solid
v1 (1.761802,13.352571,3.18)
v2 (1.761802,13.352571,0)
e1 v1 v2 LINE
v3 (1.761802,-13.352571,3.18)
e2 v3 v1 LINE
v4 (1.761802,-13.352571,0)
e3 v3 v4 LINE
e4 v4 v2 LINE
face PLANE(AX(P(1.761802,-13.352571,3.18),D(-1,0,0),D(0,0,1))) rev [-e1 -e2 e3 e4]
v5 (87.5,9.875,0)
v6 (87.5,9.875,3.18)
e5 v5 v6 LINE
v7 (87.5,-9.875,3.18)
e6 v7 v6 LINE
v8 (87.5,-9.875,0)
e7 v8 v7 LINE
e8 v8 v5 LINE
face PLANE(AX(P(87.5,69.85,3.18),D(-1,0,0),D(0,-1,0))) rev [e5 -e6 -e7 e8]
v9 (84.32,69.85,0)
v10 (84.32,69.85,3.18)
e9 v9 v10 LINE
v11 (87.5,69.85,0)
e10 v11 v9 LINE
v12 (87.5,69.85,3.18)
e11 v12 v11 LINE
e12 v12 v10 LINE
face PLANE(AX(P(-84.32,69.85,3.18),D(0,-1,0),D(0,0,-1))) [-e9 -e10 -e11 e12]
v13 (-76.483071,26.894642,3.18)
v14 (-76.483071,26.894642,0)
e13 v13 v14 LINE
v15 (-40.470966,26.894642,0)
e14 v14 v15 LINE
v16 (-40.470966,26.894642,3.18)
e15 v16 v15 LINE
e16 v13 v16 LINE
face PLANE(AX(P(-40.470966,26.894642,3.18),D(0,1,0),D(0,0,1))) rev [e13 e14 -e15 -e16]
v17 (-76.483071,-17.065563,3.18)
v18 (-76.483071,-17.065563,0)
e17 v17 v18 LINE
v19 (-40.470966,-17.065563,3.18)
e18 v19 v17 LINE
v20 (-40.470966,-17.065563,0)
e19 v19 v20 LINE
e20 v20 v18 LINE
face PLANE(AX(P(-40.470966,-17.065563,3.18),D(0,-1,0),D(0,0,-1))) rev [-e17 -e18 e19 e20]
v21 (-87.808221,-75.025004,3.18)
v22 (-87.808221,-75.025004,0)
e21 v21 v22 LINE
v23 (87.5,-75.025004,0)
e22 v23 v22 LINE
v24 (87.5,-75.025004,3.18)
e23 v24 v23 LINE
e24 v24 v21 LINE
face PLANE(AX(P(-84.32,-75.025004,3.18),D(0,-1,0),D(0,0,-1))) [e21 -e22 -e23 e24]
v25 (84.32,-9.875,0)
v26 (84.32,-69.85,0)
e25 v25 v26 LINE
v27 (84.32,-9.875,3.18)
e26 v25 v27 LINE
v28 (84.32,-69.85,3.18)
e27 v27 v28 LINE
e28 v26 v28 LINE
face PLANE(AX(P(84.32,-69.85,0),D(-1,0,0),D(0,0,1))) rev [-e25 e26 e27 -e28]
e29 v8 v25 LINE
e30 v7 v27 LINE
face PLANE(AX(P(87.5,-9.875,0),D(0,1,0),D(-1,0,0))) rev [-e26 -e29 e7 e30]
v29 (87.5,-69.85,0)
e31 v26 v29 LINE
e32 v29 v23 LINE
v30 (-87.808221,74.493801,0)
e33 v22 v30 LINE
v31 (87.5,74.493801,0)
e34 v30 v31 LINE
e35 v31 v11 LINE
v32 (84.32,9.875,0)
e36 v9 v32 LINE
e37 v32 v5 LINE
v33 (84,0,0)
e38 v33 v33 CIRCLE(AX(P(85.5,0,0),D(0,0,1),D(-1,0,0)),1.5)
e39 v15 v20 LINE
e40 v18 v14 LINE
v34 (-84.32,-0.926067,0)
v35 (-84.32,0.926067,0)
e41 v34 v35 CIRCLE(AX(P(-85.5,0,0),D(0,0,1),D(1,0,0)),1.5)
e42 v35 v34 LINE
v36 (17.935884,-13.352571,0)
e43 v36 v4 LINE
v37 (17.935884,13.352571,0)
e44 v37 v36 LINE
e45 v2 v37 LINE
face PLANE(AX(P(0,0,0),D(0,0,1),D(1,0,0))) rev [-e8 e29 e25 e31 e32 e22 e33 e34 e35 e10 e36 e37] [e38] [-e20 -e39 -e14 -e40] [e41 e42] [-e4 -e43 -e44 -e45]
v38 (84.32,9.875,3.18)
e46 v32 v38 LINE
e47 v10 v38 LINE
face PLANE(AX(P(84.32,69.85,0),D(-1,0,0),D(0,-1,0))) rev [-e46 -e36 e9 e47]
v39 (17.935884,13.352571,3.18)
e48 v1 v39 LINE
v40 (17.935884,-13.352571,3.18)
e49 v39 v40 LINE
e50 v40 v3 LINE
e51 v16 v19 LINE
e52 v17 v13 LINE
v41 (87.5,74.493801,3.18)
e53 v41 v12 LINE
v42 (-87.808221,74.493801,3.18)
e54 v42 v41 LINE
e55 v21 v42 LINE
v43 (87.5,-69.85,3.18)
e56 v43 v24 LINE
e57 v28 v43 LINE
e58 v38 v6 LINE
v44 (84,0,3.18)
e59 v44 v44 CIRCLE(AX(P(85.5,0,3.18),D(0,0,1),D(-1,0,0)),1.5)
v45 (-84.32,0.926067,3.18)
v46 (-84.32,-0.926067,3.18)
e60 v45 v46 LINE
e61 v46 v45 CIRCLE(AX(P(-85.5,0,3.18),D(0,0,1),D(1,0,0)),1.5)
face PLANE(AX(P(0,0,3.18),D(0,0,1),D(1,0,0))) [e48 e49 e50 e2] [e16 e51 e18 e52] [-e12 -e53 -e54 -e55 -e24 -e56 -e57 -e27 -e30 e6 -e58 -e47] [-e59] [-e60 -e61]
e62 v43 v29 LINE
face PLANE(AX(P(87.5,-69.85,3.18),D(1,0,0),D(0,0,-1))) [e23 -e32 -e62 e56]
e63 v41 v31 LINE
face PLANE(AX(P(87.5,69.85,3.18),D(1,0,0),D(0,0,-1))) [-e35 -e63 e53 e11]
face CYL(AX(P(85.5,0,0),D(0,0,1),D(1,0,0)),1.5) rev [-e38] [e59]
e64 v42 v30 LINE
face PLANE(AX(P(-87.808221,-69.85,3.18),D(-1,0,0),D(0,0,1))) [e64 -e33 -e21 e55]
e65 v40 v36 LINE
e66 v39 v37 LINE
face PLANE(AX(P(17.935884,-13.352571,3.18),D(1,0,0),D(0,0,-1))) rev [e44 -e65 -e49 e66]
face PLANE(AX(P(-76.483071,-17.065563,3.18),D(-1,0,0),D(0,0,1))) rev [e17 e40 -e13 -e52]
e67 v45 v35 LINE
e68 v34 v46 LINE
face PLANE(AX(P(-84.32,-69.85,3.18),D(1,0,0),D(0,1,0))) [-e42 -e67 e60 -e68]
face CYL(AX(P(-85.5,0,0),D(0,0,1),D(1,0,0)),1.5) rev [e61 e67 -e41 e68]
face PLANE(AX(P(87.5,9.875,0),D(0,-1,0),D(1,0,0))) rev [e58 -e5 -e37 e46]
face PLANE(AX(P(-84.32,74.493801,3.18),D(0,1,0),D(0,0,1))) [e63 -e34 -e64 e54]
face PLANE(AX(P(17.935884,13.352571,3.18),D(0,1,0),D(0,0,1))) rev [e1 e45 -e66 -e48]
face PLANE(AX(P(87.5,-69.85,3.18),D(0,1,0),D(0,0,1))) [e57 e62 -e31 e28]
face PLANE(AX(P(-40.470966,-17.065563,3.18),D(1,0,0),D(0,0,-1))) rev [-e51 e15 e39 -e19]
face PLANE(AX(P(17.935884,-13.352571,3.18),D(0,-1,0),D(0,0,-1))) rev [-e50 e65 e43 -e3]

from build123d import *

# Parameters (mm, degrees)
SKETCH1_W           = 175
SKETCH1_H           = 139.7
BOSS_EXTRUDE1_DEPTH = 3.18
SKETCH2_R           = 1.5
SKETCH2_W           = 3.18
SKETCH2_H           = 59.975
CUT_EXTRUDE1_DEPTH  = 4.18
SKETCH3_R           = 1.59
CUT_EXTRUDE2_DEPTH  = 4.18
SKETCH4_R           = 1.59
CUT_EXTRUDE3_DEPTH  = 4.18
SKETCH5_W           = 91.926224914
SKETCH5_H           = 123.656630911
BOSS_EXTRUDE2_DEPTH = 3.18
SKETCH6_W           = 3.18
SKETCH6_H           = 19.75
CUT_EXTRUDE4_DEPTH  = 4.18
SKETCH8_W           = 25.560381265
SKETCH8_H           = 19.67928192
BOSS_EXTRUDE3_DEPTH = 3.18
SKETCH10_W          = 20
SKETCH10_H          = 2.468001363
BOSS_EXTRUDE4_DEPTH = 3.18
CUT_EXTRUDE5_DEPTH  = 4.18
SKETCH12_W          = 36.012104279
SKETCH12_H          = 43.960205632
CUT_EXTRUDE6_DEPTH  = 4.18
SKETCH13_W          = 16.174082381
SKETCH13_H          = 26.705141904
CUT_EXTRUDE7_DEPTH  = 4.18
SKETCH16_W          = 18.884338216
SKETCH16_H          = 121.056150973
SKETCH16_W_2        = 10.857087527
SKETCH16_H_2        = 35.437593219
SKETCH16_W_3        = 28.428801023
SKETCH16_H_3        = 14.001351757
SKETCH16_W_4        = 22.576937907
SKETCH16_H_4        = 16.729537969
BOSS_EXTRUDE6_DEPTH = 3.18
BOSS_EXTRUDE7_DEPTH = 3.18


with BuildPart() as part:
    # Sketch1 → Boss-Extrude1 (new body)
    with BuildSketch(Plane.XY):
        Rectangle(SKETCH1_W, SKETCH1_H)
    extrude(amount=BOSS_EXTRUDE1_DEPTH)

    # Sketch2 → Cut-Extrude1 (cut, through all)
    with BuildSketch(Plane.XY.offset(3.18)):
        with Locations((-85.5, 0)):
            Circle(SKETCH2_R)
        with Locations((85.5, 0)):
            Circle(SKETCH2_R)
        Polygon((-10, 69.85), (10, 69.85), (10, 66.67), (1.5, 66.67), (1.5, 62.67), (3.5, 62.67), (3.5, 59.67), (1.5, 59.67), (1.5, 56.67), (-1.5, 56.67), (-1.5, 59.67), (-3.5, 59.67), (-3.5, 62.67), (-1.5, 62.67), (-1.5, 66.67), (-10, 66.67), align=None)
        Polygon((-10, -69.85), (-10, -66.67), (-1.5, -66.67), (-1.5, -62.67), (-3.5, -62.67), (-3.5, -59.67), (-1.5, -59.67), (-1.5, -56.67), (1.5, -56.67), (1.5, -59.67), (3.5, -59.67), (3.5, -62.67), (1.5, -62.67), (1.5, -66.67), (10, -66.67), (10, -69.85), align=None)
        with Locations((-85.91, 39.8625)):
            Rectangle(SKETCH2_W, SKETCH2_H)
        with Locations((-85.91, -39.8625)):
            Rectangle(SKETCH2_W, SKETCH2_H)
        with Locations((85.91, -39.8625)):
            Rectangle(SKETCH2_W, SKETCH2_H)
        with Locations((85.91, 39.8625)):
            Rectangle(SKETCH2_W, SKETCH2_H)
        Polygon((-28.854904074, -66.67), (-20.334061159, -66.67), (-20.334061159, -69.85), (-40.334061159, -69.85), (-40.334061159, -66.67), (-31.854904074, -66.67), (-31.854904074, -62.67), (-33.77295002, -62.67), (-33.77295002, -59.67), (-31.854904074, -59.67), (-31.854904074, -56.85), (-28.854904074, -56.85), (-28.854904074, -59.67), (-26.77295002, -59.67), (-26.77295002, -62.67), (-28.854904074, -62.67), align=None)
    extrude(amount=-CUT_EXTRUDE1_DEPTH, mode=Mode.SUBTRACT)

    # Sketch3 → Cut-Extrude2 (cut, through all)
    with BuildSketch(Plane(origin=(0, 0, 0), x_dir=(-1, 0, 0), z_dir=(0, 0, -1))):
        with Locations((-35.67127699, -47.963396943)):
            Circle(SKETCH3_R)
        with Locations((-35.67127699, -30.777287406)):
            Circle(SKETCH3_R)
    extrude(amount=-CUT_EXTRUDE2_DEPTH, mode=Mode.SUBTRACT)

    # Sketch4 → Cut-Extrude3 (cut, through all)
    with BuildSketch(Plane(origin=(0, 0, 0), x_dir=(-1, 0, 0), z_dir=(0, 0, -1))):
        with Locations((-34.750723073, 53.780323187)):
            Circle(SKETCH4_R)
        with Locations((-34.750723073, 36.59421365)):
            Circle(SKETCH4_R)
        with Locations((36.249784221, 53.780323187)):
            Circle(SKETCH4_R)
        with Locations((36.249784221, 36.59421365)):
            Circle(SKETCH4_R)
        with Locations((35.983928162, -30.777287406)):
            Circle(SKETCH4_R)
        with Locations((35.983928162, -47.963396943)):
            Circle(SKETCH4_R)
        with Locations((-35.67127699, -30.777287406)):
            Circle(SKETCH4_R)
        with Locations((-35.67127699, -47.963396943)):
            Circle(SKETCH4_R)
    extrude(amount=-CUT_EXTRUDE3_DEPTH, mode=Mode.SUBTRACT)

    # Sketch5 → Boss-Extrude2 (add)
    with BuildSketch(Plane.XY.offset(3.18)):
        with Locations((-0.563564665, 5.553683182)):
            Rectangle(SKETCH5_W, SKETCH5_H)
    extrude(amount=-BOSS_EXTRUDE2_DEPTH)

    # Sketch6 → Cut-Extrude4 (cut, through all)
    with BuildSketch(Plane(origin=(0, 0, 0), x_dir=(-1, 0, 0), z_dir=(0, 0, -1))):
        with Locations((-25.21, 0.03599429)):
            Rectangle(SKETCH6_W, SKETCH6_H)
        with Locations((13.073612417, 0)):
            Rectangle(SKETCH6_W, SKETCH6_H)
    extrude(amount=-CUT_EXTRUDE4_DEPTH, mode=Mode.SUBTRACT)

    # Sketch8 → Boss-Extrude3 (add)
    with BuildSketch(Plane(origin=(0, 0, 0), x_dir=(-1, 0, 0), z_dir=(0, 0, -1))):
        with Locations((-2.780190633, -60.01035904)):
            Rectangle(SKETCH8_W, SKETCH8_H)
    extrude(amount=-BOSS_EXTRUDE3_DEPTH)

    # Sketch10 → Boss-Extrude4 (add)
    with BuildSketch(Plane(origin=(0, 0, 0), x_dir=(-1, 0, 0), z_dir=(0, 0, -1))):
        with Locations((0, 68.615999319)):
            Rectangle(SKETCH10_W, SKETCH10_H)
    extrude(amount=-BOSS_EXTRUDE4_DEPTH)

    # Sketch11 → Cut-Extrude5 (cut, through all)
    with BuildSketch(Plane(origin=(0, 0, 0), x_dir=(-1, 0, 0), z_dir=(0, 0, -1))):
        Polygon((20.793148035, 66.67), (29.479057969, 66.67), (29.479057969, 62.67), (27.293148035, 62.67), (27.293148035, 59.67), (29.479057969, 59.67), (29.479057969, 56.85), (32.479057969, 56.85), (32.479057969, 59.67), (34.293148035, 59.67), (34.293148035, 62.67), (32.479057969, 62.67), (32.479057969, 66.67), (40.793148035, 66.67), (40.793148035, 69.85), (20.793148035, 69.85), align=None)
    extrude(amount=-CUT_EXTRUDE5_DEPTH, mode=Mode.SUBTRACT)

    # Sketch12 → Cut-Extrude6 (cut, through all)
    with BuildSketch(Plane(origin=(0, 0, 0), x_dir=(-1, 0, 0), z_dir=(0, 0, -1))):
        with Locations((58.477018613, 4.914539536)):
            Rectangle(SKETCH12_W, SKETCH12_H)
    extrude(amount=-CUT_EXTRUDE6_DEPTH, mode=Mode.SUBTRACT)

    # Sketch13 → Cut-Extrude7 (cut, through all)
    with BuildSketch(Plane(origin=(0, 0, 0), x_dir=(-1, 0, 0), z_dir=(0, 0, -1))):
        with Locations((-9.848843291, 0)):
            Rectangle(SKETCH13_W, SKETCH13_H)
    extrude(amount=-CUT_EXTRUDE7_DEPTH, mode=Mode.SUBTRACT)

    # Sketch16 → Boss-Extrude6 (add)
    with BuildSketch(Plane(origin=(0, 0, 0), x_dir=(-1, 0, 0), z_dir=(0, 0, -1))):
        with Locations((-31.859595144, -9.321924514)):
            Rectangle(SKETCH16_W, SKETCH16_H)
        with Locations((12.113243242, -1.915189585)):
            Rectangle(SKETCH16_W_2, SKETCH16_H_2)
        with Locations((31.756187516, -62.849324122)):
            Rectangle(SKETCH16_W_3, SKETCH16_H_3)
        with Locations((32.081616989, 61.485231016)):
            Rectangle(SKETCH16_W_4, SKETCH16_H_4)
    extrude(amount=-BOSS_EXTRUDE6_DEPTH)

    # Sketch17 → Boss-Extrude7 (add)
    with BuildSketch(Plane(origin=(0, 0, 0), x_dir=(-1, 0, 0), z_dir=(0, 0, -1))):
        Polygon((-87.5, -69.85), (84.32, -69.85), (84.32, 69.85), (-87.5, 69.85), (-87.5, 74.493800826), (84.32, 74.493800826), (87.808220565, 74.493800826), (87.808220565, -69.85), (87.808220565, -75.025003811), (84.32, -75.025003811), (-87.5, -75.025003811), align=None)
    extrude(amount=-BOSS_EXTRUDE7_DEPTH)


solid = part.part
